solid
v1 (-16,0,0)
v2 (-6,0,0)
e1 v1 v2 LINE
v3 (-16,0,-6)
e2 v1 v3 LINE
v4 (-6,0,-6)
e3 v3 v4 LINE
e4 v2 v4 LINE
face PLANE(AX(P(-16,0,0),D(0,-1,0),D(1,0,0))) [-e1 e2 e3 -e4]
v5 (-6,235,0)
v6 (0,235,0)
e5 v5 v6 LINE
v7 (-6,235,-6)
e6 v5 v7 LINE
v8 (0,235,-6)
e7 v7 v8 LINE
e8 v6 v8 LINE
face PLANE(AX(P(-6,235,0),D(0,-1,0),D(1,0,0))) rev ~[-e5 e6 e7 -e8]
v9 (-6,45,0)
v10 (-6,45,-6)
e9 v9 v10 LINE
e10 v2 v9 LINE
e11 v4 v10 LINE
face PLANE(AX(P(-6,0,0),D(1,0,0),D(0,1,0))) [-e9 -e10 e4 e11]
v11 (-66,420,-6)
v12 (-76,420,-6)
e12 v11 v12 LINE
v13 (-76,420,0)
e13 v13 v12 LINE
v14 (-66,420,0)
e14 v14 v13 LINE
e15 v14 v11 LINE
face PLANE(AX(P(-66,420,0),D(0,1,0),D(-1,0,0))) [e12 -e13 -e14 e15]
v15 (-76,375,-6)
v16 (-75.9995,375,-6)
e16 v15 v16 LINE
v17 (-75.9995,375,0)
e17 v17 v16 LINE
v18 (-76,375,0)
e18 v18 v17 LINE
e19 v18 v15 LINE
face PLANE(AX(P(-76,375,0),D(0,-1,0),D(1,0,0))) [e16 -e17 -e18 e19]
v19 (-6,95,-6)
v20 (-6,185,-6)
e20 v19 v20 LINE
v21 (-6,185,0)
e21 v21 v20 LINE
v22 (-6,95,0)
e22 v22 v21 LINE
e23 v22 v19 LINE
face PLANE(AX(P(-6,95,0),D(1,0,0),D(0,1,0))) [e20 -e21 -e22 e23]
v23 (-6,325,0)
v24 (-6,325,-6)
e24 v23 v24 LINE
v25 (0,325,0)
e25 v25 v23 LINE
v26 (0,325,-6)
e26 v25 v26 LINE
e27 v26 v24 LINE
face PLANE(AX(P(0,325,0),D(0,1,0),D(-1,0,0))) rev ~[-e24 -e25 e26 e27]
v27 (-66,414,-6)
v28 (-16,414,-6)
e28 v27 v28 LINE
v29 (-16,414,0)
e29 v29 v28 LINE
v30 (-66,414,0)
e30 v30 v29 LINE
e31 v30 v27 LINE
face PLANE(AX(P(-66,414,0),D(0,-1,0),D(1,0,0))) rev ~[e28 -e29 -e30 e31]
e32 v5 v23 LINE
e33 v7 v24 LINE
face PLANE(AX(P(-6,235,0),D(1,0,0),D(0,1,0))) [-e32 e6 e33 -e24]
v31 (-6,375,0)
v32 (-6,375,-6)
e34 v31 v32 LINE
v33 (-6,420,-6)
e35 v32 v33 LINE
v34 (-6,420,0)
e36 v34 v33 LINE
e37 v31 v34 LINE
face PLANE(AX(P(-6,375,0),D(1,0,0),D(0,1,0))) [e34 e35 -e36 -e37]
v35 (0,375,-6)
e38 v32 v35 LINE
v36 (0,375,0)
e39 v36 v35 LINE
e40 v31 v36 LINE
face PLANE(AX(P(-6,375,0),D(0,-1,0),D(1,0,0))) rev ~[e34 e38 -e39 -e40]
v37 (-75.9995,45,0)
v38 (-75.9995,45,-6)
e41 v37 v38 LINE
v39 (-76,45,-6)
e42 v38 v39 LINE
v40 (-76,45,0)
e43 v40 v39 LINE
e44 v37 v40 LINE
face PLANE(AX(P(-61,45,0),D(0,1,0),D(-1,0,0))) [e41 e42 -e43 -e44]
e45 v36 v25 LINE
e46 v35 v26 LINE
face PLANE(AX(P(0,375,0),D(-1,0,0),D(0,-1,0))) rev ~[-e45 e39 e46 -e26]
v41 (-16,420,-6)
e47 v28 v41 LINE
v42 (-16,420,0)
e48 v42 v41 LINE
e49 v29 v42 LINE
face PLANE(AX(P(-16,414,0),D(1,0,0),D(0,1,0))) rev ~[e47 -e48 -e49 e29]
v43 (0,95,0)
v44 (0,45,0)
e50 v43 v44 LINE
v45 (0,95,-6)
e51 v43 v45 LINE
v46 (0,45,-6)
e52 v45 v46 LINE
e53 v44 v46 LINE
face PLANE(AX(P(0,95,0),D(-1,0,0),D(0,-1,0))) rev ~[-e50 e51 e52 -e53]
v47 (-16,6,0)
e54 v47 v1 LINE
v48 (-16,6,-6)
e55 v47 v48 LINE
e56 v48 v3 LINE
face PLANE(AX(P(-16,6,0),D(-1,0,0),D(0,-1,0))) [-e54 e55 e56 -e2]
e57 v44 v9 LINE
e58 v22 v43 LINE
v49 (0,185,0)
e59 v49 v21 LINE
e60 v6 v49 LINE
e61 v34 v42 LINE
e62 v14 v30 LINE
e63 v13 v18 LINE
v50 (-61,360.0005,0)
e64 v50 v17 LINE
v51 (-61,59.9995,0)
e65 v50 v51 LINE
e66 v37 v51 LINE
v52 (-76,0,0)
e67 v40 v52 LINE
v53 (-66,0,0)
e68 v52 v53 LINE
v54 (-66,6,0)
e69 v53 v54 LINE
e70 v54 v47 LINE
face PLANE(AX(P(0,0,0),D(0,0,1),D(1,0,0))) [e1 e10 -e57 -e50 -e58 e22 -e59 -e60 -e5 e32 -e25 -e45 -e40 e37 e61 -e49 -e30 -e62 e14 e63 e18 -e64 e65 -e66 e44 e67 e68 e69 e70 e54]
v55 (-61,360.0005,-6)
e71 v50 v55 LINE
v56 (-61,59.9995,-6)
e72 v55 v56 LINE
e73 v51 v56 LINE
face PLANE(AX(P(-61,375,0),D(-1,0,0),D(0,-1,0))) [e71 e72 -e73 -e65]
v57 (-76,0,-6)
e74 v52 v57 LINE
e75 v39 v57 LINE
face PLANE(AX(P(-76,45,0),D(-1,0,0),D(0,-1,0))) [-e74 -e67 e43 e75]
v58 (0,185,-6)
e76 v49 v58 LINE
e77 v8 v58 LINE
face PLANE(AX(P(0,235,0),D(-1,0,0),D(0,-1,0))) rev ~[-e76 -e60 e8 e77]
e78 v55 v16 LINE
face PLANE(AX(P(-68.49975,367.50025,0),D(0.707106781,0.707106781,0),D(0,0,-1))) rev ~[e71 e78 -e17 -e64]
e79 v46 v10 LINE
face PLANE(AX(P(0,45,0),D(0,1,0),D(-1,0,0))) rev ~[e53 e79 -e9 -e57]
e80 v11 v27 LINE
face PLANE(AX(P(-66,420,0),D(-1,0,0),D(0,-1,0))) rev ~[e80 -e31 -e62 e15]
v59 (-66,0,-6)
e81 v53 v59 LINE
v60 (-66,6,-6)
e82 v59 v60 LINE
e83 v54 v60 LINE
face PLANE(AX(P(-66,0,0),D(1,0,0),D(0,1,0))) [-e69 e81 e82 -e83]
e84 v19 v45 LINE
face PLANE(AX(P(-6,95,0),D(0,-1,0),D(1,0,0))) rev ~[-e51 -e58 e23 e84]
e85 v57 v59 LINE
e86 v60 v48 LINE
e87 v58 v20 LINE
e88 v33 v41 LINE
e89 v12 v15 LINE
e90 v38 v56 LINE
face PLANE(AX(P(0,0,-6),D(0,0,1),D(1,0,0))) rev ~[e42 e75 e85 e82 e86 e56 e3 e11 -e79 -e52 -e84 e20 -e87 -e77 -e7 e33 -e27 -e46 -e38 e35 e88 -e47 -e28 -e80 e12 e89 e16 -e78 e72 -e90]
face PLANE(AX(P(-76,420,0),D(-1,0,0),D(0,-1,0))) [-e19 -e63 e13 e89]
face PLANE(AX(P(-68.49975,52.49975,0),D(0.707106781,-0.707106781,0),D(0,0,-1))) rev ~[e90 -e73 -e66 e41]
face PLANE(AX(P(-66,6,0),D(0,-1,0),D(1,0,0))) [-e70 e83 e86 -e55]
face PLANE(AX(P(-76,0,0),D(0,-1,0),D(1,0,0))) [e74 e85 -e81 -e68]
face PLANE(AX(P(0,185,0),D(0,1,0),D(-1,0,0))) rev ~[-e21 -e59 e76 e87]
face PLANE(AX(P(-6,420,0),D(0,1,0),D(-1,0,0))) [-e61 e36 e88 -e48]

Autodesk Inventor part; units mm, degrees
ref_plane "YZ Plane" through (0, 0, 0) normal (1, 0, 0) x (0, 1, 0)
ref_plane "XZ Plane" through (0, 0, 0) normal (0, 1, 0) x (-1, 0, 0)
ref_plane "XY Plane" through (0, 0, 0) normal (0, 0, 1) x (1, 0, 0)
sketch "Sketch1" plane through (0, 0, 0) normal (0, 0, 1) x (1, 0, 0)
  line L0 (-6, 375) -> (0, 375) construction
  line L1 (0, 375) -> (0, 420) construction
  line L2 (0, 420) -> (-6, 420) construction
  line L3 (-6, 375) -> (-6, 420) construction
  line L4 (-6, 235) -> (0, 235) construction
  line L5 (0, 235) -> (0, 325) construction
  line L6 (0, 325) -> (-6, 325) construction
  line L7 (-6, 235) -> (-6, 325) construction
  line L8 (0, 185) -> (-6, 185) construction
  line L9 (-6, 95) -> (-6, 185) construction
  line L10 (-6, 95) -> (0, 95) construction
  line L11 (0, 95) -> (0, 185) construction
  line L12 (0, 45) -> (-6, 45) construction
  line L13 (-6, 0) -> (-6, 45) construction
  line L14 (0, 0) -> (-6, 0) construction
  line L15 (0, 0) -> (0, 45) construction
  line L16 (-6, 375) -> (0, 375)
  line L17 (0, 375) -> (0, 325)
  line L18 (0, 325) -> (-6, 325)
  line L19 (-6, 235) -> (0, 235)
  line L20 (0, 235) -> (0, 185)
  line L21 (0, 185) -> (-6, 185)
  line L22 (-6, 95) -> (0, 95)
  line L23 (0, 95) -> (0, 45)
  line L24 (0, 45) -> (-6, 45)
  line L25 (-6, 0) -> (-6, 45)
  line L26 (-6, 95) -> (-6, 185)
  line L27 (-6, 235) -> (-6, 325)
  line L28 (-6, 375) -> (-6, 420)
  line L29 (-76, 375) -> (-61, 375)
  line L30 (-61, 375) -> (-61, 45)
  line L31 (-61, 45) -> (-76, 45)
  line L32 (-76, 420) -> (-76, 375)
  line L33 (-76, 45) -> (-76, 0)
  line L34 (-66, 420) -> (-66, 414)
  line L35 (-66, 414) -> (-16, 414)
  line L36 (-16, 414) -> (-16, 420)
  line L37 (0, 210) -> (-61, 210) construction
  line L38 (-66, 0) -> (-66, 6)
  line L39 (-66, 6) -> (-16, 6)
  line L40 (-16, 6) -> (-16, 0)
  line L41 (-76, 0) -> (-66, 0)
  line L42 (-16, 0) -> (-6, 0)
  line L43 (-6, 420) -> (-16, 420)
  line L44 (-66, 420) -> (-76, 420)
  dimension "d0" = 70
  dimension "d1" = 15
  dimension "d2" = 50
  dimension "d3" = 6
  dimension "d4" = 10
extrude "Extrusion1" add sketch "Sketch1" against normal blind 6
chamfer "Chamfer1" distance 15 angle 45 2 edges at (-61, 375, -3) (-61, 45, -3)
properties part number "Frontal"
